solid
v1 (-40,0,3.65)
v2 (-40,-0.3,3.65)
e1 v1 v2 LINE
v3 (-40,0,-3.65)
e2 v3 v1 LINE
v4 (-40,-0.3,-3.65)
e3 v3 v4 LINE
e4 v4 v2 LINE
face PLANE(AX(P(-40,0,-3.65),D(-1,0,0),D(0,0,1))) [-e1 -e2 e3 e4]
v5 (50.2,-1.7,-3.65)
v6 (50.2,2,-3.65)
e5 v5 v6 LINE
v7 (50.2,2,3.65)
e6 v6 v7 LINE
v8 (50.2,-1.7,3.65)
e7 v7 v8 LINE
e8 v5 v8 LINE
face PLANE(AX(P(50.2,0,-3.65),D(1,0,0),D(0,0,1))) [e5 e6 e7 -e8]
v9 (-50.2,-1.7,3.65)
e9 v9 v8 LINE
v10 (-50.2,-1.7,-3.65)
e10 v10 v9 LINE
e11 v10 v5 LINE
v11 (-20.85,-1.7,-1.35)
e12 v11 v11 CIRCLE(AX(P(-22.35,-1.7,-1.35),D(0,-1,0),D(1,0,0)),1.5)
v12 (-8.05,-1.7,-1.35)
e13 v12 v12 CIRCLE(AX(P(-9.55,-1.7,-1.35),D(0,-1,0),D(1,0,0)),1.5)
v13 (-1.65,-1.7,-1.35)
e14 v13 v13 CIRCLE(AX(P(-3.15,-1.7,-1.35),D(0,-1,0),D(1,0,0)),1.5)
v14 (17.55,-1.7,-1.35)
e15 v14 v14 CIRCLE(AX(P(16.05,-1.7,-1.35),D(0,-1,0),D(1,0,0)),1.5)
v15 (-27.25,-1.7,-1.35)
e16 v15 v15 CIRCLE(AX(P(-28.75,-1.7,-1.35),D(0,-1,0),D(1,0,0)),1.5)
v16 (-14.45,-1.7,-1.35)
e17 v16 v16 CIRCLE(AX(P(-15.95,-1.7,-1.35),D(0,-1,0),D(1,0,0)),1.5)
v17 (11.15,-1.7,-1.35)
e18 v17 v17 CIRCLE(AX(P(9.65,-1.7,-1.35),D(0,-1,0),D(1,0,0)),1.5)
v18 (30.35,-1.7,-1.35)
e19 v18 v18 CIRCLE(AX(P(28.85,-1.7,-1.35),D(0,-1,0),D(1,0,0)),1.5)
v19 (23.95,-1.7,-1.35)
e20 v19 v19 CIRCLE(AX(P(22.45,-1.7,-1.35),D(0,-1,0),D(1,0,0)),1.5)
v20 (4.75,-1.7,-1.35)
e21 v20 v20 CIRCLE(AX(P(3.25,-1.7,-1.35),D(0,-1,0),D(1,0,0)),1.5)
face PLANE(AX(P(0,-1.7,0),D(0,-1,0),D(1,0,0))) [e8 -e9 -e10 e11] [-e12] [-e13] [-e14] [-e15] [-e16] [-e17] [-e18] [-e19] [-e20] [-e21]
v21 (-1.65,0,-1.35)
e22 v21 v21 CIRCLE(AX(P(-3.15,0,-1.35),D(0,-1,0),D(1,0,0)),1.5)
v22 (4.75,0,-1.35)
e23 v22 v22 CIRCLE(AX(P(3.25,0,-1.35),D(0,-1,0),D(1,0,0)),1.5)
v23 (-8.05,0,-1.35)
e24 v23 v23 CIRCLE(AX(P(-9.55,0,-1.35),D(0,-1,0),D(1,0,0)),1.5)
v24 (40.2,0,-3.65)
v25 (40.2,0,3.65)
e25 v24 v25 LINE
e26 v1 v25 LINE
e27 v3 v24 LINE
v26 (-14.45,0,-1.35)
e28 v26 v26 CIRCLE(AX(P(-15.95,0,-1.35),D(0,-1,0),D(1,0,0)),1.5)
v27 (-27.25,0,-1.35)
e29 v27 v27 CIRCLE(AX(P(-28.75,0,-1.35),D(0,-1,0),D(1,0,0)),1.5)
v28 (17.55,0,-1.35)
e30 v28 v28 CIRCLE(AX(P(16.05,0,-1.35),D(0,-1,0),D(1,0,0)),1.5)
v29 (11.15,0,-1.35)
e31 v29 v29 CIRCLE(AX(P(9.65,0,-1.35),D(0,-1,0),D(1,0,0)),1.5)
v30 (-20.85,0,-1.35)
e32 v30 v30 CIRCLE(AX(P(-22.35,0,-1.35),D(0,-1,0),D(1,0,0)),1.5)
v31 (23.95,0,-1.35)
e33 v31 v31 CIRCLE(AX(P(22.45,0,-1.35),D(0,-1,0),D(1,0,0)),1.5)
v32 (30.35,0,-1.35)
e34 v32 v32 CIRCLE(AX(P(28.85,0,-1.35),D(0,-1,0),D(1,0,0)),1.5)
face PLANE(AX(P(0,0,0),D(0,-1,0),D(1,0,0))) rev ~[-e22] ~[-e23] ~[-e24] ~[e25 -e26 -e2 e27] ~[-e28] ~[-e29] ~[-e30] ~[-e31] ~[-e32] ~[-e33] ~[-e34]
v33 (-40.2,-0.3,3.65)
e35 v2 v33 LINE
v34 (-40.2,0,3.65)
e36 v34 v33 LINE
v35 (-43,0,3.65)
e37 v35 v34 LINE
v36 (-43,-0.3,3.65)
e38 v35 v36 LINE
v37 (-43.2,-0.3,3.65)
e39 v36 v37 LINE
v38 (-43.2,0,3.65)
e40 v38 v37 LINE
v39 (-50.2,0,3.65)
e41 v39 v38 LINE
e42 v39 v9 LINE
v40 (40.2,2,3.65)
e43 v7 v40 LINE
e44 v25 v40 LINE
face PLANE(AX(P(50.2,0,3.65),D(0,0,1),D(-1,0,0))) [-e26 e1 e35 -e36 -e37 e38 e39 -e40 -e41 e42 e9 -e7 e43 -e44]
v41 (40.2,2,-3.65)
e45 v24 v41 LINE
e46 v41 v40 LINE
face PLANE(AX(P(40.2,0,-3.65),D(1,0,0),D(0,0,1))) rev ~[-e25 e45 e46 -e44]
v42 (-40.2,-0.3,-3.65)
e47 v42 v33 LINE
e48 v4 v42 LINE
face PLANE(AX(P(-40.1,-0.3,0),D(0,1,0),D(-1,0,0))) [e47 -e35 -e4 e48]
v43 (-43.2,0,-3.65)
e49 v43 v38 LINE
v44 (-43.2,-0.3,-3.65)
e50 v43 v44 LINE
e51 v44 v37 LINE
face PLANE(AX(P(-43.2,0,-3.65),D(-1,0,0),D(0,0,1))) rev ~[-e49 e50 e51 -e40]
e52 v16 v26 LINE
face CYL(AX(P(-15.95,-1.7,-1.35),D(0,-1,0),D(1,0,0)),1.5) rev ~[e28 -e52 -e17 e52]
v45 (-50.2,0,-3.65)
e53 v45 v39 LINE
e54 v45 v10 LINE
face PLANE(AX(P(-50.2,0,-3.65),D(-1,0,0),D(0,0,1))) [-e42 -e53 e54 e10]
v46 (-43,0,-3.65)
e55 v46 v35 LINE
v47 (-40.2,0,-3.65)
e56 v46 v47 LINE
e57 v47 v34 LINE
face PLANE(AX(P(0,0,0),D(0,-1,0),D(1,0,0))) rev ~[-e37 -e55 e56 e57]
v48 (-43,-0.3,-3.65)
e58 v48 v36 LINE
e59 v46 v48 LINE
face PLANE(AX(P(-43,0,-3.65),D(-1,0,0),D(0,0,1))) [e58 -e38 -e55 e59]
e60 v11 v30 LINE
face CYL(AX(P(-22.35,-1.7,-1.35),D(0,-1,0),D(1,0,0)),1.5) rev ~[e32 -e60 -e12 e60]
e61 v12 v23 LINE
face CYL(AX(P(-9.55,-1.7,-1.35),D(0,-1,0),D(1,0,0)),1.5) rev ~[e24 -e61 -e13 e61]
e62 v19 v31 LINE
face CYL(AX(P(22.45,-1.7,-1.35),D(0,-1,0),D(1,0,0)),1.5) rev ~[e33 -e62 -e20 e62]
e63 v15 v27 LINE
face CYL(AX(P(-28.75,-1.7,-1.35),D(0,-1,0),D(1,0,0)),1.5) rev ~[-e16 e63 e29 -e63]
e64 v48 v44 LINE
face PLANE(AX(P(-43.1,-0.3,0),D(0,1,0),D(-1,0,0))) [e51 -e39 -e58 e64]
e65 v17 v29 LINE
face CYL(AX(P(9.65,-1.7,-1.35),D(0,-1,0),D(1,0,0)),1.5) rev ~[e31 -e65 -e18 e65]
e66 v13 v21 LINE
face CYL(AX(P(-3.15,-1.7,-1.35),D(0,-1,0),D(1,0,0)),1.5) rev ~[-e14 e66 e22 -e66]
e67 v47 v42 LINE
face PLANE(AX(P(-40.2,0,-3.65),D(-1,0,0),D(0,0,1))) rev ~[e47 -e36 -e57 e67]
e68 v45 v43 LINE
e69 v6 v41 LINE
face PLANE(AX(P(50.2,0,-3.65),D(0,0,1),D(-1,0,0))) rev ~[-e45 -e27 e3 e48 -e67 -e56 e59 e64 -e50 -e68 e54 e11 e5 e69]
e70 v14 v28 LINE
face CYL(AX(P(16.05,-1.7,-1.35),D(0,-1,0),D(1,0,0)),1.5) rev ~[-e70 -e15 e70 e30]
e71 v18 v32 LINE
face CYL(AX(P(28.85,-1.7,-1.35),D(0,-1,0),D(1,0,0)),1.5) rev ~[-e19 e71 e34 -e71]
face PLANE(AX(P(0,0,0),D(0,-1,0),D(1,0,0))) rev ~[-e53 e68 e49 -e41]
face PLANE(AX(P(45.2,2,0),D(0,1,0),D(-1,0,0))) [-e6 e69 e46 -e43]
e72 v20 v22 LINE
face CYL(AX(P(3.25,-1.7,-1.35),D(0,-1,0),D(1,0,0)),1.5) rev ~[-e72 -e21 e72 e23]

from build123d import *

# Parameters (mm, degrees)
F0_W      = 100.4
F0_H      = 7.3
F1_DEPTH  = 1.7
F2_R      = 1.5
F3_DEPTH  = 1.701
F4_W      = 10
F4_H      = 7.3
F5_DEPTH  = 2
F7_W      = 0.2
F7_H      = 7.3
F8_DEPTH  = 0.3
F9_W      = 0.2
F9_H      = 7.3
F10_DEPTH = 0.3


with BuildPart() as f1:
    # F0 (on Front) → F1 (new body)
    with BuildSketch(Plane.XZ):
        Rectangle(F0_W, F0_H)
    extrude(amount=F1_DEPTH)

    # F2 (on face) → F3 (cut, through all)
    with BuildSketch(Plane.XZ.offset(1.7)):
        with Locations((-28.75, -1.35)):
            Circle(F2_R)
        with Locations((-22.35, -1.35)):
            Circle(F2_R)
        with Locations((-15.95, -1.35)):
            Circle(F2_R)
        with Locations((-9.55, -1.35)):
            Circle(F2_R)
        with Locations((-3.15, -1.35)):
            Circle(F2_R)
        with Locations((3.25, -1.35)):
            Circle(F2_R)
        with Locations((9.65, -1.35)):
            Circle(F2_R)
        with Locations((16.05, -1.35)):
            Circle(F2_R)
        with Locations((22.45, -1.35)):
            Circle(F2_R)
        with Locations((28.85, -1.35)):
            Circle(F2_R)
    extrude(amount=-F3_DEPTH, mode=Mode.SUBTRACT)

    # F4 (on face) → F5 (join)
    with BuildSketch(Plane(origin=(0, 0, 0), x_dir=(-1, 0, 0), z_dir=(0, 1, 0))):
        with Locations((-45.2, 0)):
            Rectangle(F4_W, F4_H)
    extrude(amount=F5_DEPTH)

    # F7 (on face) → F8 (cut)
    with BuildSketch(Plane(origin=(0, 0, 0), x_dir=(-1, 0, 0), z_dir=(0, 1, 0))):
        with Locations((40.1, 0)):
            Rectangle(F7_W, F7_H)
    extrude(amount=-F8_DEPTH, mode=Mode.SUBTRACT)

    # F9 (on face) → F10 (cut)
    with BuildSketch(Plane(origin=(0, 0, 0), x_dir=(-1, 0, 0), z_dir=(0, 1, 0))):
        with Locations((43.1, 0)):
            Rectangle(F9_W, F9_H)
    extrude(amount=-F10_DEPTH, mode=Mode.SUBTRACT)


solid = f1.part
